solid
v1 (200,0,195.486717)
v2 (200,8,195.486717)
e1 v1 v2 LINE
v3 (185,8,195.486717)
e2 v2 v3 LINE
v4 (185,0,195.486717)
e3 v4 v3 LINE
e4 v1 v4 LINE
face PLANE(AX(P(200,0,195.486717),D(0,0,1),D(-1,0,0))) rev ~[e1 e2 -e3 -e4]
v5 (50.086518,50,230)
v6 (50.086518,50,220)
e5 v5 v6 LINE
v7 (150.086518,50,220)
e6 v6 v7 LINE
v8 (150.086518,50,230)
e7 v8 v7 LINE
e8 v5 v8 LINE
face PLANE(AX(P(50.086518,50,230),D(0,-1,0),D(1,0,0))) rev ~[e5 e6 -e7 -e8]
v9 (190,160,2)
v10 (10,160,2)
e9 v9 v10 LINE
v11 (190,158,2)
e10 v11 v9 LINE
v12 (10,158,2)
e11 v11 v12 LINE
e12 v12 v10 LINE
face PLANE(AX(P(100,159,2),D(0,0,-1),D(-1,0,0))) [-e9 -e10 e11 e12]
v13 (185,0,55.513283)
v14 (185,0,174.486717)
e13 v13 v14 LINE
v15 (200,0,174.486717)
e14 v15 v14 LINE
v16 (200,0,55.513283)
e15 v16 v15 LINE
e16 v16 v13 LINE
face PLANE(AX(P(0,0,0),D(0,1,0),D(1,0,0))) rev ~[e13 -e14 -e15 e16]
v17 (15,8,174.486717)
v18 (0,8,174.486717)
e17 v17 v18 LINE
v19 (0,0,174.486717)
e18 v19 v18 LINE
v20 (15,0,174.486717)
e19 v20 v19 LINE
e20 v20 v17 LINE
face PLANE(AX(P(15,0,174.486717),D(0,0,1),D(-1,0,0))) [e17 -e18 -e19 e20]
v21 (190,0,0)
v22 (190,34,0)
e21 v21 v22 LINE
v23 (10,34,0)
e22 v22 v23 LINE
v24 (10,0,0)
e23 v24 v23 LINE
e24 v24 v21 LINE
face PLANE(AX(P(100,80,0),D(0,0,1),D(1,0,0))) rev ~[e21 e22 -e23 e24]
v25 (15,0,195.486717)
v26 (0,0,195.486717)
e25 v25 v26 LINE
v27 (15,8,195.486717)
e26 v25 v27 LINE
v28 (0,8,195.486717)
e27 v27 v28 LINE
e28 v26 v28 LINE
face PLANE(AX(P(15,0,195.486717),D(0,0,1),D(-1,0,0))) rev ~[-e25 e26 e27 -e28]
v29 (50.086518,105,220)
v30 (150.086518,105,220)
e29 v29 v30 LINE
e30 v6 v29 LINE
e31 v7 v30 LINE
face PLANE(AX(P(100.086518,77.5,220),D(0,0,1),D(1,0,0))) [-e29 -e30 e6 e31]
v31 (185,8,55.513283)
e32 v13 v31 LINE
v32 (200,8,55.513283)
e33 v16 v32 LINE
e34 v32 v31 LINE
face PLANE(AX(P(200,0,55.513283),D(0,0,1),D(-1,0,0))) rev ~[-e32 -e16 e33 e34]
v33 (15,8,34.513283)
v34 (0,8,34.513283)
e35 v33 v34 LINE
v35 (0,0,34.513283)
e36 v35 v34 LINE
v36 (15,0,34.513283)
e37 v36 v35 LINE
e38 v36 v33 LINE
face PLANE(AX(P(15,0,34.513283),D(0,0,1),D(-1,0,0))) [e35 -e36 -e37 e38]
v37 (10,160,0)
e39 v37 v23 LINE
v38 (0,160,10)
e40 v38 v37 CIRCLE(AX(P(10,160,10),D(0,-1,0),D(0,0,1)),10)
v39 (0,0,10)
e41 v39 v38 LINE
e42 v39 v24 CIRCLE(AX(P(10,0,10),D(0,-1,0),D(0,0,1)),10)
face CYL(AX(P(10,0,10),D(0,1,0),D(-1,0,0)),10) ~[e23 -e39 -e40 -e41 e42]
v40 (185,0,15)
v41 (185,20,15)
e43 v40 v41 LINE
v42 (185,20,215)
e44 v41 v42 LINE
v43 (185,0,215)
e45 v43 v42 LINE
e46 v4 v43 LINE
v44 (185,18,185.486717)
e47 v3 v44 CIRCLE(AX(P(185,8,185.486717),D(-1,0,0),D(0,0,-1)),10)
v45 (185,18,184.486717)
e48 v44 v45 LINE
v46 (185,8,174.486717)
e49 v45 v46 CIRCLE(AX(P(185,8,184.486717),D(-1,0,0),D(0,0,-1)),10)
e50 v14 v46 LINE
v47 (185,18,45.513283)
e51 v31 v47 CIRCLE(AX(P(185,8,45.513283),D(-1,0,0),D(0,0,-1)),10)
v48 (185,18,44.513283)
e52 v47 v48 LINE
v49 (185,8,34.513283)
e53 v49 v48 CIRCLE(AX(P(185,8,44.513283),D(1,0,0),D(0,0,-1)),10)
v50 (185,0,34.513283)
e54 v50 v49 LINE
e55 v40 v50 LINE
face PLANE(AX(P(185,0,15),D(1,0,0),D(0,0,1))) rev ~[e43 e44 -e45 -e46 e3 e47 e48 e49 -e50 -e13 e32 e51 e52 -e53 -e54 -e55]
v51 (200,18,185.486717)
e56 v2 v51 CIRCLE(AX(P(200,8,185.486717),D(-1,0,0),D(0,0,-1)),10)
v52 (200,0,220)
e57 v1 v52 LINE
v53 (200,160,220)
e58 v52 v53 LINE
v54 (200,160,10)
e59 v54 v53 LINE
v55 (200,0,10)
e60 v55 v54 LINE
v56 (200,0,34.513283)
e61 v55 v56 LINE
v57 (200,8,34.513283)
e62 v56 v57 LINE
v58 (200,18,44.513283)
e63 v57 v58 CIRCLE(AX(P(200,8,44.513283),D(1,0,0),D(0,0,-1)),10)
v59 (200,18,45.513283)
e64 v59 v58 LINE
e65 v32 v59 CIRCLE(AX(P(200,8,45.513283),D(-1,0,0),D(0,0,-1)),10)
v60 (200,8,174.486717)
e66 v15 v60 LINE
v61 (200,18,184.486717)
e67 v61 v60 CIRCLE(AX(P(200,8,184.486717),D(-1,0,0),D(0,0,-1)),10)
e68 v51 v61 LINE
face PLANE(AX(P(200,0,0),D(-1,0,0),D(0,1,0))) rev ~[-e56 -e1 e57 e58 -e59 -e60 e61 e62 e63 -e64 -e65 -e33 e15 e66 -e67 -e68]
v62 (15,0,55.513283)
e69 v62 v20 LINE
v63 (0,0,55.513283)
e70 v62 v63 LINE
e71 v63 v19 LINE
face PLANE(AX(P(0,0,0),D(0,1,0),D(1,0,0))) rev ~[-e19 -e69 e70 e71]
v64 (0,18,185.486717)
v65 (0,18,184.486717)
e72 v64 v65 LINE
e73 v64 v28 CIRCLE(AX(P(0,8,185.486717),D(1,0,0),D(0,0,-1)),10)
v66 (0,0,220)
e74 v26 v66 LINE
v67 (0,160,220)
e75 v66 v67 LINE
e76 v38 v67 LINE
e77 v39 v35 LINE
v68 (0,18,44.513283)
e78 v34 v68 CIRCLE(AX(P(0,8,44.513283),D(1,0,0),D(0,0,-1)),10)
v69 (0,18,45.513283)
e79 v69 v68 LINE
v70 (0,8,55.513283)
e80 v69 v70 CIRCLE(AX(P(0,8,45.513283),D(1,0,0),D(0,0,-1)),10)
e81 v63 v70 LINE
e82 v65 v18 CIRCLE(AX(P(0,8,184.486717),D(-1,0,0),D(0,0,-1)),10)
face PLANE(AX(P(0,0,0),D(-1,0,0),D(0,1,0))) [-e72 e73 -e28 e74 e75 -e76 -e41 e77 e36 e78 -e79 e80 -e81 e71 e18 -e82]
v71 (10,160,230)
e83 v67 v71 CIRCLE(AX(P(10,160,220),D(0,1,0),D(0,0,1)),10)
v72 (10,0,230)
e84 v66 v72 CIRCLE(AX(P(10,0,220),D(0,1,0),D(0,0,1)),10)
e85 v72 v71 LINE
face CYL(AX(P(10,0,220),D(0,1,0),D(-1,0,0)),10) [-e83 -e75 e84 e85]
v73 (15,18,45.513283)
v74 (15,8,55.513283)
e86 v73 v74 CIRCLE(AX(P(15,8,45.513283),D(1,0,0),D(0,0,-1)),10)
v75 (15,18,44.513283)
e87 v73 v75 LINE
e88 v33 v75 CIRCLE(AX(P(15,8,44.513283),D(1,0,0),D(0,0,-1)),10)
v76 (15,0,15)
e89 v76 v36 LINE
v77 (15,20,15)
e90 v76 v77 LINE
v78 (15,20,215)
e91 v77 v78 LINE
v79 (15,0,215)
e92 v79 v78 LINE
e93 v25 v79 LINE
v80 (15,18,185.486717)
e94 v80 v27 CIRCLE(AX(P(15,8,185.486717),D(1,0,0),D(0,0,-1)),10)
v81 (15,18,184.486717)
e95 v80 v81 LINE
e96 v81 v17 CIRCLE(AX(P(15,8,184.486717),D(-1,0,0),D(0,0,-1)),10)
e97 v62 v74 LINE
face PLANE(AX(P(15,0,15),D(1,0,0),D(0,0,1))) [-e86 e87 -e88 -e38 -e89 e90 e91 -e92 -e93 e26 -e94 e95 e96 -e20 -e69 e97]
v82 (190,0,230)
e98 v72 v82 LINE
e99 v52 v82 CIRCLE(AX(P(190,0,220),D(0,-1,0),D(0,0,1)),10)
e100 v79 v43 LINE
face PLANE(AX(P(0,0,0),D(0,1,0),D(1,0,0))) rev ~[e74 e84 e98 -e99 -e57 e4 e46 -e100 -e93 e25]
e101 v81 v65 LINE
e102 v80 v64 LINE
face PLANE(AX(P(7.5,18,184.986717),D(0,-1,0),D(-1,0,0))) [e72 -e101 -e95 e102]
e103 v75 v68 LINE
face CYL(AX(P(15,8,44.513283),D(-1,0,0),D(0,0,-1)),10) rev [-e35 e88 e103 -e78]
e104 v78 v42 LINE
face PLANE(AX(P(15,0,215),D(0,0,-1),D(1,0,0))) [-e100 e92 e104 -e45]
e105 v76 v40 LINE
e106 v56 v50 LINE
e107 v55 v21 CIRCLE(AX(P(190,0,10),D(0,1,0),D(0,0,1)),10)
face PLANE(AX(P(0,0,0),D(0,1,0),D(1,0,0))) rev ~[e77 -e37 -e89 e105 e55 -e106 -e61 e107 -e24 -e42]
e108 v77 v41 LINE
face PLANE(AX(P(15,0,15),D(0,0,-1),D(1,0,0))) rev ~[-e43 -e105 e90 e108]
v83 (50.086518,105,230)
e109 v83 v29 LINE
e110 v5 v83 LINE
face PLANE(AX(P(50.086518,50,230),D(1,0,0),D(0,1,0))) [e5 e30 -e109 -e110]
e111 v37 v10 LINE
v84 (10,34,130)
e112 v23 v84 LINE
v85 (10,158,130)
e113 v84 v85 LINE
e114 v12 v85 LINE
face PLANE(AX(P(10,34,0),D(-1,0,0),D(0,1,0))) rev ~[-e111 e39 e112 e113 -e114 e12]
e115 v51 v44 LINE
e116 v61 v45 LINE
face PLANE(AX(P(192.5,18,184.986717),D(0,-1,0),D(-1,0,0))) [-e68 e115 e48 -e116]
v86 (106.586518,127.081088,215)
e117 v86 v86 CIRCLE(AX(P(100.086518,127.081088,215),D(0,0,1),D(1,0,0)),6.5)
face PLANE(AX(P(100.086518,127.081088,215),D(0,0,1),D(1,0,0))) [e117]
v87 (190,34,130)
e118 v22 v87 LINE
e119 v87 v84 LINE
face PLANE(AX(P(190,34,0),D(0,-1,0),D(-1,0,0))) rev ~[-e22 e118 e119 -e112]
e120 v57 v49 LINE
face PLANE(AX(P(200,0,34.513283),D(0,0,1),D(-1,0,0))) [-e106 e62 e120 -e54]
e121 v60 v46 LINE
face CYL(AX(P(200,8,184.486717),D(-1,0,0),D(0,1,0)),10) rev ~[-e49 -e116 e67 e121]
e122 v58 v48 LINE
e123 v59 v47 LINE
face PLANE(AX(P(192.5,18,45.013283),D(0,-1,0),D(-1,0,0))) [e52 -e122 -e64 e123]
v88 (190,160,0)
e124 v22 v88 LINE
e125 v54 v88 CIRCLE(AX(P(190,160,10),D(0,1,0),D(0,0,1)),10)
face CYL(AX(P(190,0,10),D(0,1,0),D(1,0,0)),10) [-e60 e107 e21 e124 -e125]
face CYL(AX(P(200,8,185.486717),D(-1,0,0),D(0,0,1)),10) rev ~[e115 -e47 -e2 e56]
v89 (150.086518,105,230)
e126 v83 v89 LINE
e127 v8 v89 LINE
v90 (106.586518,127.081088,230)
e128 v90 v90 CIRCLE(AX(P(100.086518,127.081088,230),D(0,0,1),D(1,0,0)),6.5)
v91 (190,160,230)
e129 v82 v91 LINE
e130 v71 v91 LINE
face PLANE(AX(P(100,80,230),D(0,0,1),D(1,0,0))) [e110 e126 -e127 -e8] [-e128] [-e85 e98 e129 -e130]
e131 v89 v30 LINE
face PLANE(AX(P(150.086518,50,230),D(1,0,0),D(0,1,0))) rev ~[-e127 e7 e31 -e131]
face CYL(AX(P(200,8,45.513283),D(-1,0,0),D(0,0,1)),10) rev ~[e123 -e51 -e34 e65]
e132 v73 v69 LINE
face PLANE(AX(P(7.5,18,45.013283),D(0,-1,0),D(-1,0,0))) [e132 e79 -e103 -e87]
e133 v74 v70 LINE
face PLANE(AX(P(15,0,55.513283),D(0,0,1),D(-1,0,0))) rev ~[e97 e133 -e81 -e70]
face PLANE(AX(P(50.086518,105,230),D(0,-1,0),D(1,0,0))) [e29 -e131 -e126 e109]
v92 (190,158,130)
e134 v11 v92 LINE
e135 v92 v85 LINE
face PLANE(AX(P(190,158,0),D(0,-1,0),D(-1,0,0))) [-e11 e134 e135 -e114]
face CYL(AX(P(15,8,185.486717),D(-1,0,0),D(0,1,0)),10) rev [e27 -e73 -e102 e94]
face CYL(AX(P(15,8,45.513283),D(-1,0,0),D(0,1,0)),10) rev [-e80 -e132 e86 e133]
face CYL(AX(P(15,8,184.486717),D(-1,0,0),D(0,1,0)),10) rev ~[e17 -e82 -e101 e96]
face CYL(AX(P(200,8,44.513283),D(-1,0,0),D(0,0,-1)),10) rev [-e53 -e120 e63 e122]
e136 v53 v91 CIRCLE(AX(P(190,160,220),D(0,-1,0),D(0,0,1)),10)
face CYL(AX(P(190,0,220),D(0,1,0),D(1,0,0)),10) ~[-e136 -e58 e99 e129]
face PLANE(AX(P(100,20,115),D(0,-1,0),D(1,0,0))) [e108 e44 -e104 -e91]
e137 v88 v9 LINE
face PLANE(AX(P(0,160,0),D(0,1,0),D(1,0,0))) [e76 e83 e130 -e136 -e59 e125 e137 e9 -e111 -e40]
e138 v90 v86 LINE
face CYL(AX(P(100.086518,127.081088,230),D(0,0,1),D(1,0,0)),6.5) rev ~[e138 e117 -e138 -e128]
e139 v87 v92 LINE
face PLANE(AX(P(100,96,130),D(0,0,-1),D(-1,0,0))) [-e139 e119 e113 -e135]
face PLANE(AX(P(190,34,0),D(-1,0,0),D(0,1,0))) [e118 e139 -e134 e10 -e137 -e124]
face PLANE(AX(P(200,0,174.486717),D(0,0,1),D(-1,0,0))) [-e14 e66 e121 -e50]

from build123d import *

# Parameters (mm, degrees)
ESQUISSE1_W             = 200
ESQUISSE1_H             = 160
BOSS_EXTRU_1_DEPTH      = 230
CONG_1_R                = 10
ESQUISSE2_W             = 170
ESQUISSE2_H             = 200
ENL_V_MAT_EXTRU_1_DEPTH = 20
ESQUISSE3_W             = 15
ESQUISSE3_H             = 21
ENL_V_MAT_EXTRU_2_DEPTH = 18
CONG_2_R                = 10
CONG_3_R                = 10
ESQUISSE6_W             = 180
ESQUISSE6_H             = 124
ENL_V_MAT_EXTRU_4_DEPTH = 130
ESQUISSE7_W             = 180
ESQUISSE7_H             = 2
ENL_V_MAT_EXTRU_5_DEPTH = 2
CONG_5_R                = 10
ESQUISSE8_R             = 6.5
ENL_V_MAT_EXTRU_6_DEPTH = 15
ESQUISSE9_W             = 100
ESQUISSE9_H             = 55
ENL_V_MAT_EXTRU_7_DEPTH = 10


with BuildPart() as part:
    # Esquisse1 → Boss.-Extru.1 (new body)
    with BuildSketch(Plane.XY):
        with Locations((100, 80)):
            Rectangle(ESQUISSE1_W, ESQUISSE1_H)
    extrude(amount=BOSS_EXTRU_1_DEPTH)

    # Congé1
    cong_1_edges = [part.edges().sort_by_distance(p)[0] for p in [
        (200, 80, 230),
        (0, 80, 230),
        (200, 80, 0),
        (0, 80, 0),
    ]]
    fillet(cong_1_edges, radius=CONG_1_R)

    # Esquisse2 → Enlèv. mat.-Extru.1 (cut)
    with BuildSketch(Plane.XZ):
        with Locations((100, 115)):
            Rectangle(ESQUISSE2_W, ESQUISSE2_H)
    extrude(amount=-ENL_V_MAT_EXTRU_1_DEPTH, mode=Mode.SUBTRACT)

    # Esquisse3 → Enlèv. mat.-Extru.2 (cut)
    with BuildSketch(Plane(origin=(0, 0, 0), x_dir=(-1, 0, 0), z_dir=(0, -1, 0))):
        with Locations((-7.5, -45.013282715)):
            Rectangle(ESQUISSE3_W, ESQUISSE3_H)
        with Locations((-192.5, -45.013282715)):
            Rectangle(ESQUISSE3_W, ESQUISSE3_H)
        with Locations((-192.5, -184.986717285)):
            Rectangle(ESQUISSE3_W, ESQUISSE3_H)
        with Locations((-7.5, -184.986717285)):
            Rectangle(ESQUISSE3_W, ESQUISSE3_H)
    extrude(amount=-ENL_V_MAT_EXTRU_2_DEPTH, mode=Mode.SUBTRACT)

    # Congé2
    cong_2_edges = [part.edges().sort_by_distance(p)[0] for p in [
        (192.5, 18, 34.513282715),
        (192.5, 18, 55.513282715),
    ]]
    fillet(cong_2_edges, radius=CONG_2_R)

    # Congé3
    cong_3_edges = [part.edges().sort_by_distance(p)[0] for p in [
        (7.5, 18, 34.513282715),
        (7.5, 18, 55.513282715),
    ]]
    fillet(cong_3_edges, radius=CONG_3_R)

    # Esquisse6 → Enlèv. mat.-Extru.4 (cut)
    with BuildSketch(Plane(origin=(0, 0, 0), x_dir=(-1, 0, 0), z_dir=(0, 0, -1))):
        with Locations((-100, 96)):
            Rectangle(ESQUISSE6_W, ESQUISSE6_H)
    extrude(amount=-ENL_V_MAT_EXTRU_4_DEPTH, mode=Mode.SUBTRACT)

    # Esquisse7 → Enlèv. mat.-Extru.5 (cut)
    with BuildSketch(Plane(origin=(0, 0, 0), x_dir=(-1, 0, 0), z_dir=(0, 0, -1))):
        with Locations((-100, 159)):
            Rectangle(ESQUISSE7_W, ESQUISSE7_H)
    extrude(amount=-ENL_V_MAT_EXTRU_5_DEPTH, mode=Mode.SUBTRACT)

    # Congé5
    cong_5_edges = [part.edges().sort_by_distance(p)[0] for p in [
        (7.5, 18, 195.486717285),
        (7.5, 18, 174.486717285),
        (192.5, 18, 195.486717285),
        (192.5, 18, 174.486717285),
    ]]
    fillet(cong_5_edges, radius=CONG_5_R)

    # Esquisse8 → Enlèv. mat.-Extru.6 (cut)
    with BuildSketch(Plane.XY.offset(230)):
        with Locations((100.086517688, 127.081087589)):
            Circle(ESQUISSE8_R)
    extrude(amount=-ENL_V_MAT_EXTRU_6_DEPTH, mode=Mode.SUBTRACT)

    # Esquisse9 → Enlèv. mat.-Extru.7 (cut)
    with BuildSketch(Plane.XY.offset(230)):
        with Locations((100.086517688, 77.5)):
            Rectangle(ESQUISSE9_W, ESQUISSE9_H)
    extrude(amount=-ENL_V_MAT_EXTRU_7_DEPTH, mode=Mode.SUBTRACT)


solid = part.part
